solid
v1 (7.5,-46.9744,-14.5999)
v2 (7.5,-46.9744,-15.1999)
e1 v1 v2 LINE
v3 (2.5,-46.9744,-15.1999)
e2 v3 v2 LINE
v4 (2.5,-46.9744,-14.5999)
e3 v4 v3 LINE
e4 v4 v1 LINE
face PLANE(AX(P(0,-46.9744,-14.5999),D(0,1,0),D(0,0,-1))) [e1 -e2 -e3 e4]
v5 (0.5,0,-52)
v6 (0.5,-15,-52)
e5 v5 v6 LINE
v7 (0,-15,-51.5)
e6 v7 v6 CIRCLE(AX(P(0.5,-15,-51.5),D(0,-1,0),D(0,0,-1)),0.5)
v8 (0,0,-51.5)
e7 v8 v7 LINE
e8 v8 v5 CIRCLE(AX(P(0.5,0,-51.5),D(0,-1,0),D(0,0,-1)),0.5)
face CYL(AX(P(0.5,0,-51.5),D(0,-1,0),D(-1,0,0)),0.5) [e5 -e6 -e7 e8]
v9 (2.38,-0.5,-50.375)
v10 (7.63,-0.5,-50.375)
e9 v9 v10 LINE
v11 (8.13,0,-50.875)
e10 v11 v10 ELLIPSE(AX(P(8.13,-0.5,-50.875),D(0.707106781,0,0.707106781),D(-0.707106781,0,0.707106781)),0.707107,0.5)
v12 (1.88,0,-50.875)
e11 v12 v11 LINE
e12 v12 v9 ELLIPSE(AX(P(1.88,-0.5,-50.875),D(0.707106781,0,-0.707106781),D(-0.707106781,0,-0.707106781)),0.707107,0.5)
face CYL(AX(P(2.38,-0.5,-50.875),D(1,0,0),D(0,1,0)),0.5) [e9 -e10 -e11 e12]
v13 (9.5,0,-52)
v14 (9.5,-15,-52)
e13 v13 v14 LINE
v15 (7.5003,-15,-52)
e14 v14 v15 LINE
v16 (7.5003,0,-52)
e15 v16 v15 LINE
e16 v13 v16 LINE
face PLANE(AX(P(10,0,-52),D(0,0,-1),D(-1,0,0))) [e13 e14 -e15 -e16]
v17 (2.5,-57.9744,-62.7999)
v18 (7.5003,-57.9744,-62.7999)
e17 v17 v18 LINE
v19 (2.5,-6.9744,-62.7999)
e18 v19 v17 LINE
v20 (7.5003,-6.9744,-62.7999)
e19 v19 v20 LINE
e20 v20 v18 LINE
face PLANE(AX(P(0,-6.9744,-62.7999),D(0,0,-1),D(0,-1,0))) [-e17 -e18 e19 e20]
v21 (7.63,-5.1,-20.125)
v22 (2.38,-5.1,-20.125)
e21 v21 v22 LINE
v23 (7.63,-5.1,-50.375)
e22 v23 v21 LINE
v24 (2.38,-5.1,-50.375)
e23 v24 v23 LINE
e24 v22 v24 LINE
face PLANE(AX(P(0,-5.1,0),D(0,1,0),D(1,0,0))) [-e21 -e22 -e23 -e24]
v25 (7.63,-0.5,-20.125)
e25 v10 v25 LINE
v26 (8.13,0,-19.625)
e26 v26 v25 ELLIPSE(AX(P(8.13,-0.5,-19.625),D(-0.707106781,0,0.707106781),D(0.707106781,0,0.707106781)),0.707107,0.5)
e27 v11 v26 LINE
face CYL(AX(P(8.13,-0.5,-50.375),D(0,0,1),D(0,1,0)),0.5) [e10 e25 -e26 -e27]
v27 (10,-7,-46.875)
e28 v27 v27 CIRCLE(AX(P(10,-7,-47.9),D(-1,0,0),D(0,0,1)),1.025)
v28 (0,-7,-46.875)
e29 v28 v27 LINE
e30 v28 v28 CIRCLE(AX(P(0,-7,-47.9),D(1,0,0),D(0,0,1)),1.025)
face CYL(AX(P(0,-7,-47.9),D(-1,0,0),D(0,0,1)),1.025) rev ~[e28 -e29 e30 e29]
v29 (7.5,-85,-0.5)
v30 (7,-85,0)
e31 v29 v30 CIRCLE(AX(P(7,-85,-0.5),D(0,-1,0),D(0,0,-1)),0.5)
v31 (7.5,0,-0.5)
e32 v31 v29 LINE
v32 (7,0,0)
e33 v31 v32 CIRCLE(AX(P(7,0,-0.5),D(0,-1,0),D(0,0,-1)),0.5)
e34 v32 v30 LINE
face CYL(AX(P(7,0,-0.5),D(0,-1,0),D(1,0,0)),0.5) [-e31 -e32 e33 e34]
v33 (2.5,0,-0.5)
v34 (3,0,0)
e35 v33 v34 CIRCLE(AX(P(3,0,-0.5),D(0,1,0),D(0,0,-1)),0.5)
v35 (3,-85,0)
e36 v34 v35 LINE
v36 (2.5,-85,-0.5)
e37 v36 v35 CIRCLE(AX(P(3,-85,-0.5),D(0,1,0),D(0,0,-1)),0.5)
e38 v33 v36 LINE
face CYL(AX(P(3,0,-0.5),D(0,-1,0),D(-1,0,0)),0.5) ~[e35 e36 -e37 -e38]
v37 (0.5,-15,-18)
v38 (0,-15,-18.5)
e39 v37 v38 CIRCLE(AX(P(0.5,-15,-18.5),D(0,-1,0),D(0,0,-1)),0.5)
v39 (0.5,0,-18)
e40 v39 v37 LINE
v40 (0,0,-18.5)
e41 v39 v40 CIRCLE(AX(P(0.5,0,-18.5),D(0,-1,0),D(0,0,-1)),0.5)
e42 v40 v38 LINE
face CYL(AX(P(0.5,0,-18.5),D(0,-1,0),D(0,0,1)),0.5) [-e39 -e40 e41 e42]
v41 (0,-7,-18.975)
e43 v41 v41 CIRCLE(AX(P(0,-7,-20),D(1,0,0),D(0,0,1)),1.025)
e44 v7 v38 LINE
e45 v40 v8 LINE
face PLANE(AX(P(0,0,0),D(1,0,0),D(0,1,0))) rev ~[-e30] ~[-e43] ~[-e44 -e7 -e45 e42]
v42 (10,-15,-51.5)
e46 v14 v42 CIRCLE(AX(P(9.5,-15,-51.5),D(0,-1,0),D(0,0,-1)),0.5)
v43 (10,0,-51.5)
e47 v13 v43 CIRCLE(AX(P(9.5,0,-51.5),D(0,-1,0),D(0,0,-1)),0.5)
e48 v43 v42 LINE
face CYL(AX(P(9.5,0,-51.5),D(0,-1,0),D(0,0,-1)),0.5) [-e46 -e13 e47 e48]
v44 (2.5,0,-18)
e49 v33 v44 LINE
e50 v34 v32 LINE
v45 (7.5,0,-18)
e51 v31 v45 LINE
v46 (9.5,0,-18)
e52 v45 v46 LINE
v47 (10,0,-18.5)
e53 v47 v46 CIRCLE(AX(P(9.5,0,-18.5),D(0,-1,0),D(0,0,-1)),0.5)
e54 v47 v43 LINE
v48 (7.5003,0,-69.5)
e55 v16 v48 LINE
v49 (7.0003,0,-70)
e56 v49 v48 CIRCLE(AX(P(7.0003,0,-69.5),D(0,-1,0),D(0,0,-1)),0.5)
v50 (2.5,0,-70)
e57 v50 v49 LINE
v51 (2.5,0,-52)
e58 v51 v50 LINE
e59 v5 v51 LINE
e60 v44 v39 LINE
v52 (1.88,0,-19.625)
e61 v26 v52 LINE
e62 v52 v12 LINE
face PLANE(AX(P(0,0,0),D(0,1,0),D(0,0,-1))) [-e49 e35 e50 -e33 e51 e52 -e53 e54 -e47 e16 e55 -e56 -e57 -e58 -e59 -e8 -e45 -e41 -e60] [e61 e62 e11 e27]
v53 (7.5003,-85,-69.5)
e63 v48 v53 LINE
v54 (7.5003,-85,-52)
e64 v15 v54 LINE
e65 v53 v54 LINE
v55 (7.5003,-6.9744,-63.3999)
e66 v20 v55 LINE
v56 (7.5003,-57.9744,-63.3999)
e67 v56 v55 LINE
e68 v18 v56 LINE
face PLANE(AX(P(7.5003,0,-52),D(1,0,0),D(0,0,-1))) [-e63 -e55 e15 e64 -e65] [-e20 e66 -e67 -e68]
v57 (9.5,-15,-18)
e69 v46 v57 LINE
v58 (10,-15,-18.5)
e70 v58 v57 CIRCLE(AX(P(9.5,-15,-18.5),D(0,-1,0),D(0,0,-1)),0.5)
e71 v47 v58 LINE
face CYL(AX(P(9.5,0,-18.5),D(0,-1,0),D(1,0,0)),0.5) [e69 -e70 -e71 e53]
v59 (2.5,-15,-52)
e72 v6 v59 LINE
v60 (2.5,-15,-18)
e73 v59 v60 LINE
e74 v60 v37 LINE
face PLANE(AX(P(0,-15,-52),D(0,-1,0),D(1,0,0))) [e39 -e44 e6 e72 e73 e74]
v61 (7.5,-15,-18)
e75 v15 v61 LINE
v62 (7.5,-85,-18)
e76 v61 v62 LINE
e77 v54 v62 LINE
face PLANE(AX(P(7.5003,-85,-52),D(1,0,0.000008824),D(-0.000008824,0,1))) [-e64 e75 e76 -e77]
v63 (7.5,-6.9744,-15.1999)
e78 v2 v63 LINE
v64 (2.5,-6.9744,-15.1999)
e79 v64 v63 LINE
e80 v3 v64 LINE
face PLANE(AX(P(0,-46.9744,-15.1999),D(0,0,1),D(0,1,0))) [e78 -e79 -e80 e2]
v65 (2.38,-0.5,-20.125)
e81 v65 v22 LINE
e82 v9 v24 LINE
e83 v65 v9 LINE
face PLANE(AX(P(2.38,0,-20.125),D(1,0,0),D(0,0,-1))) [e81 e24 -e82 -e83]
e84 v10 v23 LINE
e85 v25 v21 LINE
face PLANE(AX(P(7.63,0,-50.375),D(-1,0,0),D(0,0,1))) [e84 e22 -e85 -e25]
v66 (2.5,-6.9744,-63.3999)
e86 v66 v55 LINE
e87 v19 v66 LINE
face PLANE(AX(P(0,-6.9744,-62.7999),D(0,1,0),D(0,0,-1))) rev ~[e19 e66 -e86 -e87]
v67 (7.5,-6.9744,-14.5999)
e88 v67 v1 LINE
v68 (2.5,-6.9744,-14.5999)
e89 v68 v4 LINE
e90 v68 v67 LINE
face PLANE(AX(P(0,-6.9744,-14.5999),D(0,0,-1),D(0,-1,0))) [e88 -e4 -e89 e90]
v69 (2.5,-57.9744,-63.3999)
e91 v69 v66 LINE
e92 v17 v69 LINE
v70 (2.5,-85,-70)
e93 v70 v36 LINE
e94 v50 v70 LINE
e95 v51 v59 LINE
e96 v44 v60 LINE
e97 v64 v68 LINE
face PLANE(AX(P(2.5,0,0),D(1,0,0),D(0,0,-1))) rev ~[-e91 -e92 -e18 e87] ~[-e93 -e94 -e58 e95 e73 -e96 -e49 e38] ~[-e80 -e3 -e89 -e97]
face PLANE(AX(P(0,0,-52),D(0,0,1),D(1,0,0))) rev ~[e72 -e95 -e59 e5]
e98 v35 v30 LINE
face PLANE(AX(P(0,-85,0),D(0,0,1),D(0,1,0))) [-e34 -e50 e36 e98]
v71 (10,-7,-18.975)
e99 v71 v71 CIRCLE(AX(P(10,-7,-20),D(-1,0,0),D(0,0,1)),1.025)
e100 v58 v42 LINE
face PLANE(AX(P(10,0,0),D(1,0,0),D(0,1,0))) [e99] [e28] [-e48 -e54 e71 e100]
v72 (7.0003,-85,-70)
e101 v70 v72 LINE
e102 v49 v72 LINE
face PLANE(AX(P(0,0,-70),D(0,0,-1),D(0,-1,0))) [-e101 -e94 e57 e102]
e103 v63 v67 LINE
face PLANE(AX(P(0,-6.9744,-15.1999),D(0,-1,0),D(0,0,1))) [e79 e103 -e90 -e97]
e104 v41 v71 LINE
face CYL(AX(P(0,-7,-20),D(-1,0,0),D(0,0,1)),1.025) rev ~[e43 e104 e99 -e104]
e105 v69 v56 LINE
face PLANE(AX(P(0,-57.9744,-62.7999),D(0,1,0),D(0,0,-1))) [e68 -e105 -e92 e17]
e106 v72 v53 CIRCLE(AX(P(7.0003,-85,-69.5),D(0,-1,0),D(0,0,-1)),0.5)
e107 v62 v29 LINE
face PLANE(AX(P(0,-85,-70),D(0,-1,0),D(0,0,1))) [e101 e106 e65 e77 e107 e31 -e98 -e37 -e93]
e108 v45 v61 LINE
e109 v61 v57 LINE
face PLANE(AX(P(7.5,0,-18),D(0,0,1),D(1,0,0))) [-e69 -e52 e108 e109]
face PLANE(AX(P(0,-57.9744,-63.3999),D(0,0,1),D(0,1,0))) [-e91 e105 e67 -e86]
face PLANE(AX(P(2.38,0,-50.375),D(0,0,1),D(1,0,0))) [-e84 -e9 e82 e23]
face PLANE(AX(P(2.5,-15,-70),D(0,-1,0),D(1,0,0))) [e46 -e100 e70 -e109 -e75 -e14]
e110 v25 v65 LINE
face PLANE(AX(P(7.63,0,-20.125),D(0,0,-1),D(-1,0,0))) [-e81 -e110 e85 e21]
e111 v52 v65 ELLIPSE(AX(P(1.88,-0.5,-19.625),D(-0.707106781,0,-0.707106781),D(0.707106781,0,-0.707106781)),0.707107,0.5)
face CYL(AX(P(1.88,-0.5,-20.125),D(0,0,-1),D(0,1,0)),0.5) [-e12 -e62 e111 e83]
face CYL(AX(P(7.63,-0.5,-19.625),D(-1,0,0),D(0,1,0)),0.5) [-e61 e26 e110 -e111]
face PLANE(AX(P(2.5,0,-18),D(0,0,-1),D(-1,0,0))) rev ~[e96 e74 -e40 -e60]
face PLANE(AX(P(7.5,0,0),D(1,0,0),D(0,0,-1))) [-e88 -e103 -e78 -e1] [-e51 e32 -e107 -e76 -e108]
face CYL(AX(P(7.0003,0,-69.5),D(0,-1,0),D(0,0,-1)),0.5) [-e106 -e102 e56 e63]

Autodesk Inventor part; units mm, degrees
ref_plane "YZ Plane" through (0, 0, 0) normal (1, 0, 0) x (0, 1, 0)
ref_plane "XZ Plane" through (0, 0, 0) normal (0, 1, 0) x (-1, 0, 0)
ref_plane "XY Plane" through (0, 0, 0) normal (0, 0, 1) x (1, 0, 0)
sketch "Sketch1" plane through (0, 0, 0) normal (1, 0, 0) x (0, 1, 0)
  line L0 (0, 0) -> (0, -70)
  line L1 (0, -70) -> (-85, -70)
  line L2 (-85, -70) -> (-85, 0)
  line L3 (-85, 0) -> (0, 0)
  dimension "d0" = 70
  dimension "d1" = 85
extrude "Extrusion1" add sketch "Sketch1" along normal blind 10
sketch "Sketch2" plane through (0, 0, 0) normal (0, 1, 0) x (1, 0, 0)
  line L0 (0, 0) -> (0, 70) projected
  line L1 (0, 0) -> (0, 20.125)
  line L2 (0, 20.125) -> (2.38, 20.125)
  line L3 (2.38, 20.125) -> (2.38, 50.375)
  line L4 (2.38, 50.375) -> (7.63, 50.375)
  line L5 (7.63, 50.375) -> (7.63, 20.125)
  line L6 (7.63, 20.125) -> (2.38, 20.125)
  dimension "d4" = 20.125
  dimension "d5" = 2.38
  dimension "d6" = 30.25
  dimension "d7" = 5.25
extrude "Extrusion2" cut sketch "Sketch2" against normal blind 5.1
sketch "Sketch3" plane through (0, 0, 0) normal (-1, 0, 0) x (0, 0, 1)
  line L0 (0, 0) -> (0, -85) projected
  line L1 (0, 0) -> (-20, 0)
  line L2 (-70, 0) -> (0, 0) projected
  line L3 (-20, 0) -> (-20, -7)
  circle A0 centre (-20, -7) radius 1.025
  circle A1 centre (-47.9, -7) radius 1.025
  line L4 (-20, -7) -> (-14.9, -7)
  line L5 (-14.9, -7) -> (-14.6, -7)
  line L6 (-14.6, -7) -> (-14.6, -47)
  line L7 (-14.6, -47) -> (-15.2, -47)
  line L8 (-15.2, -47) -> (-15.2, -7)
  line L9 (-15.2, -7) -> (-14.6, -7)
  line L10 (-20, -7) -> (-21.025, -7)
  line L11 (-46.875, -7) -> (-47.9, -7)
  line L12 (-47.9, -7) -> (-63.1, -7)
  line L13 (-63.1, -7) -> (-63.1, -47)
  line L14 (-63.1, -58) -> (-63.4, -58)
  line L15 (-63.4, -58) -> (-63.4, -7)
  line L16 (-63.4, -7) -> (-62.8, -7)
  line L17 (-62.8, -7) -> (-62.8, -58)
  line L18 (-62.8, -58) -> (-63.1, -58)
  line L19 (-47.9, -7) -> (-20, -7)
  line L20 (-63.1, -47) -> (-63.1, -58)
  line L21 (-70, -85) -> (-70, 0) projected
  line L22 (-63.1, -58) -> (-62.8, -58)
  line L23 (-62.8, -58) -> (-62.8, -7)
  line L24 (-63.4, -7) -> (-62.8, -7)
  dimension "d12" = 2.05
  dimension "d14" = 2.05
  dimension "d10" = 20
  dimension "d11" = 7
  dimension "d13" = 27.9
  dimension "d17" = 5.1
  dimension "d18" = 0.3
  dimension "d19" = 40
  dimension "d20" = 0.6
  dimension "d21" = 40
  dimension "d22" = 15.2
  dimension "d23" = 51
  dimension "d24" = 0.3
  dimension "d25" = 0.6
  dimension "d26" = 51
extrude "Extrusion3" cut sketch "Sketch3" against normal blind 10 contours A0 L4 L3 | A1 L12 L11 | L11 L12 A1 | L3 L10 A0 | L4 A0 L10
sketch "Sketch4" plane through (0, 0, 0) normal (-1, 0, 0) x (0, 0, 1)
  circle A0 centre (-19.9999, -6.9744) radius 1.25
  circle A1 centre (-47.8999, -6.9744) radius 1.25
  line L0 (-19.9999, -6.9744) -> (-14.8999, -6.9744)
  line L1 (-14.8999, -6.9744) -> (-14.5999, -6.9744)
  line L2 (-14.5999, -6.9744) -> (-14.5999, -46.9744)
  line L3 (-14.5999, -46.9744) -> (-15.1999, -46.9744)
  line L4 (-15.1999, -46.9744) -> (-15.1999, -6.9744)
  line L5 (-15.1999, -6.9744) -> (-14.5999, -6.9744)
  line L6 (-19.9999, -6.9744) -> (-21.2499, -6.9744)
  line L7 (-46.6499, -6.9744) -> (-47.8999, -6.9744)
  line L8 (-47.8999, -6.9744) -> (-63.0999, -6.9744)
  line L9 (-63.0999, -6.9744) -> (-63.0999, -46.9744)
  line L10 (-63.0999, -57.9744) -> (-63.3999, -57.9744)
  line L11 (-63.3999, -57.9744) -> (-63.3999, -6.9744)
  line L12 (-63.3999, -6.9744) -> (-62.7999, -6.9744)
  line L13 (-62.7999, -6.9744) -> (-62.7999, -57.9744)
  line L14 (-62.7999, -57.9744) -> (-63.0999, -57.9744)
  line L15 (-47.8999, -6.9744) -> (-19.9999, -6.9744)
  line L16 (-63.0999, -46.9744) -> (-63.0999, -57.9744)
  line L17 (-63.0999, -57.9744) -> (-62.7999, -57.9744)
  line L18 (-62.7999, -57.9744) -> (-62.7999, -6.9744)
  line L19 (-63.3999, -6.9744) -> (-62.7999, -6.9744)
  point P0 (0, 0)
  dimension "d27" = 2.5
  dimension "d29" = 2.5
  dimension "d28" = 27.9
  dimension "d30" = 5.1
  dimension "d31" = 0.3
  dimension "d32" = 40
  dimension "d33" = 0.6
  dimension "d34" = 40
  dimension "d35" = 15.2
  dimension "d36" = 51
  dimension "d37" = 0.3
  dimension "d38" = 0.6
  dimension "d39" = 51
extrude "Extrusion4" cut sketch "Sketch4" against normal blind 10 contours L13 L14 L16 L9 L8 | L0 L1 L2 L3 L4 | L9 L16 L10 L11 L12
sketch "Sketch5" plane through (0, 0, 0) normal (0, 1, 0) x (1, 0, 0)
  line L0 (0, 0) -> (10, 0) projected
  line L1 (0, 0) -> (2.5, 0)
  line L2 (2.5, 0) -> (2.5, 18)
  line L3 (2.5, 18) -> (0, 18)
  line L4 (0, 70) -> (0, 0) projected
  line L5 (10, 0) -> (7.5, 0)
  line L6 (7.5, 0) -> (7.5, 18)
  line L7 (7.5, 18) -> (10, 18)
  line L8 (10, 70) -> (10, 0) projected
  line L9 (10, 0) -> (10, 18)
  line L10 (7.5, 0) -> (7.5, 18)
  line L11 (10, 18) -> (10, 0)
  line L12 (0, 18.975) -> (10, 18.975) projected
  line L13 (10, 70) -> (10, 52)
  line L14 (10, 52) -> (7.5003, 52)
  line L15 (7.5003, 52) -> (7.5003, 70)
  line L16 (7.5003, 70) -> (10, 70)
  line L17 (10, 70) -> (10, 52)
  line L18 (10, 70) -> (10, 52)
  line L19 (0, 70) -> (0, 52)
  line L20 (0, 52) -> (2.5, 52)
  line L21 (2.5, 52) -> (2.5, 70)
  line L22 (2.5, 70) -> (0, 70)
  dimension "d42" = 2.5
  dimension "d43" = 18
  dimension "d44" = 2.5
  dimension "d45" = 18
  dimension "d46" = 18
  dimension "d47" = 18
extrude "Extrusion5" cut sketch "Sketch5" against normal through all contours L4 L3 L2 L0 | L4 L22 L21 L20 | L14 L15 L16 L8 | L6 L7 L8 L0
sketch "Sketch6" plane through (0, -85, -52) normal (0, -1, 0) x (1, 0, 0)
  line L0 (2.5, 34) -> (2.5, 52) projected
  line L1 (2.5, 0) -> (2.5, 34)
  line L2 (2.5, 34) -> (0, 34)
  line L3 (0, 0) -> (0, 34) projected
  line L4 (0, 34) -> (0, 0)
  line L5 (0, 0) -> (2.5, 0)
  line L6 (7.5003, 0) -> (7.5003, 34)
  line L7 (10.0003, 34) -> (10.0003, 0)
  line L8 (10.0003, 0) -> (7.5003, 0)
  line L9 (7.5003, -18) -> (7.5003, 0) projected
  line L10 (7.5, 52) -> (7.5, 34) projected
  line L11 (7.5, 34) -> (7.5, 4)
  line L12 (7.5, 4) -> (7.5003, 0)
  line L13 (7.5, 34) -> (10, 34) projected
  line L14 (7.5, 34) -> (10, 34)
  point P0 (0, 52)
  dimension "d52" = 2.5
  dimension "d53" = 30
extrude "Extrusion6" cut sketch "Sketch6" against normal blind 70 contours L5 L3 L2 L1
sketch "Sketch7" plane through (2.5, -85, -70) normal (0, -1, 0) x (1, 0, 0)
  line L0 (5, 52) -> (7.5, 52) projected
  line L1 (5.0003, 18) -> (5, 52)
  line L2 (5, 52) -> (7.5, 52)
  line L3 (7.5, 52) -> (7.5, 18)
  line L4 (7.5, 18) -> (5.0003, 18)
  point P0 (-2.5, 70)
extrude "Extrusion7" cut sketch "Sketch7" against normal blind 70
fillet "Fillet1" radius 0.5 11 edges at (7.5003, -42.5, -70) (2.5, -42.5, 0) (7.5, -42.5, 0) (10, -7.5, -18) (10, -7.5, -52) (0, -7.5, -18) (0, -7.5, -52) (7.63, 0, -35.25) (2.38, 0, -35.25) (5.005, 0, -20.125) (5.005, 0, -50.375)
properties part number "Chassis_Lower_Portion"
